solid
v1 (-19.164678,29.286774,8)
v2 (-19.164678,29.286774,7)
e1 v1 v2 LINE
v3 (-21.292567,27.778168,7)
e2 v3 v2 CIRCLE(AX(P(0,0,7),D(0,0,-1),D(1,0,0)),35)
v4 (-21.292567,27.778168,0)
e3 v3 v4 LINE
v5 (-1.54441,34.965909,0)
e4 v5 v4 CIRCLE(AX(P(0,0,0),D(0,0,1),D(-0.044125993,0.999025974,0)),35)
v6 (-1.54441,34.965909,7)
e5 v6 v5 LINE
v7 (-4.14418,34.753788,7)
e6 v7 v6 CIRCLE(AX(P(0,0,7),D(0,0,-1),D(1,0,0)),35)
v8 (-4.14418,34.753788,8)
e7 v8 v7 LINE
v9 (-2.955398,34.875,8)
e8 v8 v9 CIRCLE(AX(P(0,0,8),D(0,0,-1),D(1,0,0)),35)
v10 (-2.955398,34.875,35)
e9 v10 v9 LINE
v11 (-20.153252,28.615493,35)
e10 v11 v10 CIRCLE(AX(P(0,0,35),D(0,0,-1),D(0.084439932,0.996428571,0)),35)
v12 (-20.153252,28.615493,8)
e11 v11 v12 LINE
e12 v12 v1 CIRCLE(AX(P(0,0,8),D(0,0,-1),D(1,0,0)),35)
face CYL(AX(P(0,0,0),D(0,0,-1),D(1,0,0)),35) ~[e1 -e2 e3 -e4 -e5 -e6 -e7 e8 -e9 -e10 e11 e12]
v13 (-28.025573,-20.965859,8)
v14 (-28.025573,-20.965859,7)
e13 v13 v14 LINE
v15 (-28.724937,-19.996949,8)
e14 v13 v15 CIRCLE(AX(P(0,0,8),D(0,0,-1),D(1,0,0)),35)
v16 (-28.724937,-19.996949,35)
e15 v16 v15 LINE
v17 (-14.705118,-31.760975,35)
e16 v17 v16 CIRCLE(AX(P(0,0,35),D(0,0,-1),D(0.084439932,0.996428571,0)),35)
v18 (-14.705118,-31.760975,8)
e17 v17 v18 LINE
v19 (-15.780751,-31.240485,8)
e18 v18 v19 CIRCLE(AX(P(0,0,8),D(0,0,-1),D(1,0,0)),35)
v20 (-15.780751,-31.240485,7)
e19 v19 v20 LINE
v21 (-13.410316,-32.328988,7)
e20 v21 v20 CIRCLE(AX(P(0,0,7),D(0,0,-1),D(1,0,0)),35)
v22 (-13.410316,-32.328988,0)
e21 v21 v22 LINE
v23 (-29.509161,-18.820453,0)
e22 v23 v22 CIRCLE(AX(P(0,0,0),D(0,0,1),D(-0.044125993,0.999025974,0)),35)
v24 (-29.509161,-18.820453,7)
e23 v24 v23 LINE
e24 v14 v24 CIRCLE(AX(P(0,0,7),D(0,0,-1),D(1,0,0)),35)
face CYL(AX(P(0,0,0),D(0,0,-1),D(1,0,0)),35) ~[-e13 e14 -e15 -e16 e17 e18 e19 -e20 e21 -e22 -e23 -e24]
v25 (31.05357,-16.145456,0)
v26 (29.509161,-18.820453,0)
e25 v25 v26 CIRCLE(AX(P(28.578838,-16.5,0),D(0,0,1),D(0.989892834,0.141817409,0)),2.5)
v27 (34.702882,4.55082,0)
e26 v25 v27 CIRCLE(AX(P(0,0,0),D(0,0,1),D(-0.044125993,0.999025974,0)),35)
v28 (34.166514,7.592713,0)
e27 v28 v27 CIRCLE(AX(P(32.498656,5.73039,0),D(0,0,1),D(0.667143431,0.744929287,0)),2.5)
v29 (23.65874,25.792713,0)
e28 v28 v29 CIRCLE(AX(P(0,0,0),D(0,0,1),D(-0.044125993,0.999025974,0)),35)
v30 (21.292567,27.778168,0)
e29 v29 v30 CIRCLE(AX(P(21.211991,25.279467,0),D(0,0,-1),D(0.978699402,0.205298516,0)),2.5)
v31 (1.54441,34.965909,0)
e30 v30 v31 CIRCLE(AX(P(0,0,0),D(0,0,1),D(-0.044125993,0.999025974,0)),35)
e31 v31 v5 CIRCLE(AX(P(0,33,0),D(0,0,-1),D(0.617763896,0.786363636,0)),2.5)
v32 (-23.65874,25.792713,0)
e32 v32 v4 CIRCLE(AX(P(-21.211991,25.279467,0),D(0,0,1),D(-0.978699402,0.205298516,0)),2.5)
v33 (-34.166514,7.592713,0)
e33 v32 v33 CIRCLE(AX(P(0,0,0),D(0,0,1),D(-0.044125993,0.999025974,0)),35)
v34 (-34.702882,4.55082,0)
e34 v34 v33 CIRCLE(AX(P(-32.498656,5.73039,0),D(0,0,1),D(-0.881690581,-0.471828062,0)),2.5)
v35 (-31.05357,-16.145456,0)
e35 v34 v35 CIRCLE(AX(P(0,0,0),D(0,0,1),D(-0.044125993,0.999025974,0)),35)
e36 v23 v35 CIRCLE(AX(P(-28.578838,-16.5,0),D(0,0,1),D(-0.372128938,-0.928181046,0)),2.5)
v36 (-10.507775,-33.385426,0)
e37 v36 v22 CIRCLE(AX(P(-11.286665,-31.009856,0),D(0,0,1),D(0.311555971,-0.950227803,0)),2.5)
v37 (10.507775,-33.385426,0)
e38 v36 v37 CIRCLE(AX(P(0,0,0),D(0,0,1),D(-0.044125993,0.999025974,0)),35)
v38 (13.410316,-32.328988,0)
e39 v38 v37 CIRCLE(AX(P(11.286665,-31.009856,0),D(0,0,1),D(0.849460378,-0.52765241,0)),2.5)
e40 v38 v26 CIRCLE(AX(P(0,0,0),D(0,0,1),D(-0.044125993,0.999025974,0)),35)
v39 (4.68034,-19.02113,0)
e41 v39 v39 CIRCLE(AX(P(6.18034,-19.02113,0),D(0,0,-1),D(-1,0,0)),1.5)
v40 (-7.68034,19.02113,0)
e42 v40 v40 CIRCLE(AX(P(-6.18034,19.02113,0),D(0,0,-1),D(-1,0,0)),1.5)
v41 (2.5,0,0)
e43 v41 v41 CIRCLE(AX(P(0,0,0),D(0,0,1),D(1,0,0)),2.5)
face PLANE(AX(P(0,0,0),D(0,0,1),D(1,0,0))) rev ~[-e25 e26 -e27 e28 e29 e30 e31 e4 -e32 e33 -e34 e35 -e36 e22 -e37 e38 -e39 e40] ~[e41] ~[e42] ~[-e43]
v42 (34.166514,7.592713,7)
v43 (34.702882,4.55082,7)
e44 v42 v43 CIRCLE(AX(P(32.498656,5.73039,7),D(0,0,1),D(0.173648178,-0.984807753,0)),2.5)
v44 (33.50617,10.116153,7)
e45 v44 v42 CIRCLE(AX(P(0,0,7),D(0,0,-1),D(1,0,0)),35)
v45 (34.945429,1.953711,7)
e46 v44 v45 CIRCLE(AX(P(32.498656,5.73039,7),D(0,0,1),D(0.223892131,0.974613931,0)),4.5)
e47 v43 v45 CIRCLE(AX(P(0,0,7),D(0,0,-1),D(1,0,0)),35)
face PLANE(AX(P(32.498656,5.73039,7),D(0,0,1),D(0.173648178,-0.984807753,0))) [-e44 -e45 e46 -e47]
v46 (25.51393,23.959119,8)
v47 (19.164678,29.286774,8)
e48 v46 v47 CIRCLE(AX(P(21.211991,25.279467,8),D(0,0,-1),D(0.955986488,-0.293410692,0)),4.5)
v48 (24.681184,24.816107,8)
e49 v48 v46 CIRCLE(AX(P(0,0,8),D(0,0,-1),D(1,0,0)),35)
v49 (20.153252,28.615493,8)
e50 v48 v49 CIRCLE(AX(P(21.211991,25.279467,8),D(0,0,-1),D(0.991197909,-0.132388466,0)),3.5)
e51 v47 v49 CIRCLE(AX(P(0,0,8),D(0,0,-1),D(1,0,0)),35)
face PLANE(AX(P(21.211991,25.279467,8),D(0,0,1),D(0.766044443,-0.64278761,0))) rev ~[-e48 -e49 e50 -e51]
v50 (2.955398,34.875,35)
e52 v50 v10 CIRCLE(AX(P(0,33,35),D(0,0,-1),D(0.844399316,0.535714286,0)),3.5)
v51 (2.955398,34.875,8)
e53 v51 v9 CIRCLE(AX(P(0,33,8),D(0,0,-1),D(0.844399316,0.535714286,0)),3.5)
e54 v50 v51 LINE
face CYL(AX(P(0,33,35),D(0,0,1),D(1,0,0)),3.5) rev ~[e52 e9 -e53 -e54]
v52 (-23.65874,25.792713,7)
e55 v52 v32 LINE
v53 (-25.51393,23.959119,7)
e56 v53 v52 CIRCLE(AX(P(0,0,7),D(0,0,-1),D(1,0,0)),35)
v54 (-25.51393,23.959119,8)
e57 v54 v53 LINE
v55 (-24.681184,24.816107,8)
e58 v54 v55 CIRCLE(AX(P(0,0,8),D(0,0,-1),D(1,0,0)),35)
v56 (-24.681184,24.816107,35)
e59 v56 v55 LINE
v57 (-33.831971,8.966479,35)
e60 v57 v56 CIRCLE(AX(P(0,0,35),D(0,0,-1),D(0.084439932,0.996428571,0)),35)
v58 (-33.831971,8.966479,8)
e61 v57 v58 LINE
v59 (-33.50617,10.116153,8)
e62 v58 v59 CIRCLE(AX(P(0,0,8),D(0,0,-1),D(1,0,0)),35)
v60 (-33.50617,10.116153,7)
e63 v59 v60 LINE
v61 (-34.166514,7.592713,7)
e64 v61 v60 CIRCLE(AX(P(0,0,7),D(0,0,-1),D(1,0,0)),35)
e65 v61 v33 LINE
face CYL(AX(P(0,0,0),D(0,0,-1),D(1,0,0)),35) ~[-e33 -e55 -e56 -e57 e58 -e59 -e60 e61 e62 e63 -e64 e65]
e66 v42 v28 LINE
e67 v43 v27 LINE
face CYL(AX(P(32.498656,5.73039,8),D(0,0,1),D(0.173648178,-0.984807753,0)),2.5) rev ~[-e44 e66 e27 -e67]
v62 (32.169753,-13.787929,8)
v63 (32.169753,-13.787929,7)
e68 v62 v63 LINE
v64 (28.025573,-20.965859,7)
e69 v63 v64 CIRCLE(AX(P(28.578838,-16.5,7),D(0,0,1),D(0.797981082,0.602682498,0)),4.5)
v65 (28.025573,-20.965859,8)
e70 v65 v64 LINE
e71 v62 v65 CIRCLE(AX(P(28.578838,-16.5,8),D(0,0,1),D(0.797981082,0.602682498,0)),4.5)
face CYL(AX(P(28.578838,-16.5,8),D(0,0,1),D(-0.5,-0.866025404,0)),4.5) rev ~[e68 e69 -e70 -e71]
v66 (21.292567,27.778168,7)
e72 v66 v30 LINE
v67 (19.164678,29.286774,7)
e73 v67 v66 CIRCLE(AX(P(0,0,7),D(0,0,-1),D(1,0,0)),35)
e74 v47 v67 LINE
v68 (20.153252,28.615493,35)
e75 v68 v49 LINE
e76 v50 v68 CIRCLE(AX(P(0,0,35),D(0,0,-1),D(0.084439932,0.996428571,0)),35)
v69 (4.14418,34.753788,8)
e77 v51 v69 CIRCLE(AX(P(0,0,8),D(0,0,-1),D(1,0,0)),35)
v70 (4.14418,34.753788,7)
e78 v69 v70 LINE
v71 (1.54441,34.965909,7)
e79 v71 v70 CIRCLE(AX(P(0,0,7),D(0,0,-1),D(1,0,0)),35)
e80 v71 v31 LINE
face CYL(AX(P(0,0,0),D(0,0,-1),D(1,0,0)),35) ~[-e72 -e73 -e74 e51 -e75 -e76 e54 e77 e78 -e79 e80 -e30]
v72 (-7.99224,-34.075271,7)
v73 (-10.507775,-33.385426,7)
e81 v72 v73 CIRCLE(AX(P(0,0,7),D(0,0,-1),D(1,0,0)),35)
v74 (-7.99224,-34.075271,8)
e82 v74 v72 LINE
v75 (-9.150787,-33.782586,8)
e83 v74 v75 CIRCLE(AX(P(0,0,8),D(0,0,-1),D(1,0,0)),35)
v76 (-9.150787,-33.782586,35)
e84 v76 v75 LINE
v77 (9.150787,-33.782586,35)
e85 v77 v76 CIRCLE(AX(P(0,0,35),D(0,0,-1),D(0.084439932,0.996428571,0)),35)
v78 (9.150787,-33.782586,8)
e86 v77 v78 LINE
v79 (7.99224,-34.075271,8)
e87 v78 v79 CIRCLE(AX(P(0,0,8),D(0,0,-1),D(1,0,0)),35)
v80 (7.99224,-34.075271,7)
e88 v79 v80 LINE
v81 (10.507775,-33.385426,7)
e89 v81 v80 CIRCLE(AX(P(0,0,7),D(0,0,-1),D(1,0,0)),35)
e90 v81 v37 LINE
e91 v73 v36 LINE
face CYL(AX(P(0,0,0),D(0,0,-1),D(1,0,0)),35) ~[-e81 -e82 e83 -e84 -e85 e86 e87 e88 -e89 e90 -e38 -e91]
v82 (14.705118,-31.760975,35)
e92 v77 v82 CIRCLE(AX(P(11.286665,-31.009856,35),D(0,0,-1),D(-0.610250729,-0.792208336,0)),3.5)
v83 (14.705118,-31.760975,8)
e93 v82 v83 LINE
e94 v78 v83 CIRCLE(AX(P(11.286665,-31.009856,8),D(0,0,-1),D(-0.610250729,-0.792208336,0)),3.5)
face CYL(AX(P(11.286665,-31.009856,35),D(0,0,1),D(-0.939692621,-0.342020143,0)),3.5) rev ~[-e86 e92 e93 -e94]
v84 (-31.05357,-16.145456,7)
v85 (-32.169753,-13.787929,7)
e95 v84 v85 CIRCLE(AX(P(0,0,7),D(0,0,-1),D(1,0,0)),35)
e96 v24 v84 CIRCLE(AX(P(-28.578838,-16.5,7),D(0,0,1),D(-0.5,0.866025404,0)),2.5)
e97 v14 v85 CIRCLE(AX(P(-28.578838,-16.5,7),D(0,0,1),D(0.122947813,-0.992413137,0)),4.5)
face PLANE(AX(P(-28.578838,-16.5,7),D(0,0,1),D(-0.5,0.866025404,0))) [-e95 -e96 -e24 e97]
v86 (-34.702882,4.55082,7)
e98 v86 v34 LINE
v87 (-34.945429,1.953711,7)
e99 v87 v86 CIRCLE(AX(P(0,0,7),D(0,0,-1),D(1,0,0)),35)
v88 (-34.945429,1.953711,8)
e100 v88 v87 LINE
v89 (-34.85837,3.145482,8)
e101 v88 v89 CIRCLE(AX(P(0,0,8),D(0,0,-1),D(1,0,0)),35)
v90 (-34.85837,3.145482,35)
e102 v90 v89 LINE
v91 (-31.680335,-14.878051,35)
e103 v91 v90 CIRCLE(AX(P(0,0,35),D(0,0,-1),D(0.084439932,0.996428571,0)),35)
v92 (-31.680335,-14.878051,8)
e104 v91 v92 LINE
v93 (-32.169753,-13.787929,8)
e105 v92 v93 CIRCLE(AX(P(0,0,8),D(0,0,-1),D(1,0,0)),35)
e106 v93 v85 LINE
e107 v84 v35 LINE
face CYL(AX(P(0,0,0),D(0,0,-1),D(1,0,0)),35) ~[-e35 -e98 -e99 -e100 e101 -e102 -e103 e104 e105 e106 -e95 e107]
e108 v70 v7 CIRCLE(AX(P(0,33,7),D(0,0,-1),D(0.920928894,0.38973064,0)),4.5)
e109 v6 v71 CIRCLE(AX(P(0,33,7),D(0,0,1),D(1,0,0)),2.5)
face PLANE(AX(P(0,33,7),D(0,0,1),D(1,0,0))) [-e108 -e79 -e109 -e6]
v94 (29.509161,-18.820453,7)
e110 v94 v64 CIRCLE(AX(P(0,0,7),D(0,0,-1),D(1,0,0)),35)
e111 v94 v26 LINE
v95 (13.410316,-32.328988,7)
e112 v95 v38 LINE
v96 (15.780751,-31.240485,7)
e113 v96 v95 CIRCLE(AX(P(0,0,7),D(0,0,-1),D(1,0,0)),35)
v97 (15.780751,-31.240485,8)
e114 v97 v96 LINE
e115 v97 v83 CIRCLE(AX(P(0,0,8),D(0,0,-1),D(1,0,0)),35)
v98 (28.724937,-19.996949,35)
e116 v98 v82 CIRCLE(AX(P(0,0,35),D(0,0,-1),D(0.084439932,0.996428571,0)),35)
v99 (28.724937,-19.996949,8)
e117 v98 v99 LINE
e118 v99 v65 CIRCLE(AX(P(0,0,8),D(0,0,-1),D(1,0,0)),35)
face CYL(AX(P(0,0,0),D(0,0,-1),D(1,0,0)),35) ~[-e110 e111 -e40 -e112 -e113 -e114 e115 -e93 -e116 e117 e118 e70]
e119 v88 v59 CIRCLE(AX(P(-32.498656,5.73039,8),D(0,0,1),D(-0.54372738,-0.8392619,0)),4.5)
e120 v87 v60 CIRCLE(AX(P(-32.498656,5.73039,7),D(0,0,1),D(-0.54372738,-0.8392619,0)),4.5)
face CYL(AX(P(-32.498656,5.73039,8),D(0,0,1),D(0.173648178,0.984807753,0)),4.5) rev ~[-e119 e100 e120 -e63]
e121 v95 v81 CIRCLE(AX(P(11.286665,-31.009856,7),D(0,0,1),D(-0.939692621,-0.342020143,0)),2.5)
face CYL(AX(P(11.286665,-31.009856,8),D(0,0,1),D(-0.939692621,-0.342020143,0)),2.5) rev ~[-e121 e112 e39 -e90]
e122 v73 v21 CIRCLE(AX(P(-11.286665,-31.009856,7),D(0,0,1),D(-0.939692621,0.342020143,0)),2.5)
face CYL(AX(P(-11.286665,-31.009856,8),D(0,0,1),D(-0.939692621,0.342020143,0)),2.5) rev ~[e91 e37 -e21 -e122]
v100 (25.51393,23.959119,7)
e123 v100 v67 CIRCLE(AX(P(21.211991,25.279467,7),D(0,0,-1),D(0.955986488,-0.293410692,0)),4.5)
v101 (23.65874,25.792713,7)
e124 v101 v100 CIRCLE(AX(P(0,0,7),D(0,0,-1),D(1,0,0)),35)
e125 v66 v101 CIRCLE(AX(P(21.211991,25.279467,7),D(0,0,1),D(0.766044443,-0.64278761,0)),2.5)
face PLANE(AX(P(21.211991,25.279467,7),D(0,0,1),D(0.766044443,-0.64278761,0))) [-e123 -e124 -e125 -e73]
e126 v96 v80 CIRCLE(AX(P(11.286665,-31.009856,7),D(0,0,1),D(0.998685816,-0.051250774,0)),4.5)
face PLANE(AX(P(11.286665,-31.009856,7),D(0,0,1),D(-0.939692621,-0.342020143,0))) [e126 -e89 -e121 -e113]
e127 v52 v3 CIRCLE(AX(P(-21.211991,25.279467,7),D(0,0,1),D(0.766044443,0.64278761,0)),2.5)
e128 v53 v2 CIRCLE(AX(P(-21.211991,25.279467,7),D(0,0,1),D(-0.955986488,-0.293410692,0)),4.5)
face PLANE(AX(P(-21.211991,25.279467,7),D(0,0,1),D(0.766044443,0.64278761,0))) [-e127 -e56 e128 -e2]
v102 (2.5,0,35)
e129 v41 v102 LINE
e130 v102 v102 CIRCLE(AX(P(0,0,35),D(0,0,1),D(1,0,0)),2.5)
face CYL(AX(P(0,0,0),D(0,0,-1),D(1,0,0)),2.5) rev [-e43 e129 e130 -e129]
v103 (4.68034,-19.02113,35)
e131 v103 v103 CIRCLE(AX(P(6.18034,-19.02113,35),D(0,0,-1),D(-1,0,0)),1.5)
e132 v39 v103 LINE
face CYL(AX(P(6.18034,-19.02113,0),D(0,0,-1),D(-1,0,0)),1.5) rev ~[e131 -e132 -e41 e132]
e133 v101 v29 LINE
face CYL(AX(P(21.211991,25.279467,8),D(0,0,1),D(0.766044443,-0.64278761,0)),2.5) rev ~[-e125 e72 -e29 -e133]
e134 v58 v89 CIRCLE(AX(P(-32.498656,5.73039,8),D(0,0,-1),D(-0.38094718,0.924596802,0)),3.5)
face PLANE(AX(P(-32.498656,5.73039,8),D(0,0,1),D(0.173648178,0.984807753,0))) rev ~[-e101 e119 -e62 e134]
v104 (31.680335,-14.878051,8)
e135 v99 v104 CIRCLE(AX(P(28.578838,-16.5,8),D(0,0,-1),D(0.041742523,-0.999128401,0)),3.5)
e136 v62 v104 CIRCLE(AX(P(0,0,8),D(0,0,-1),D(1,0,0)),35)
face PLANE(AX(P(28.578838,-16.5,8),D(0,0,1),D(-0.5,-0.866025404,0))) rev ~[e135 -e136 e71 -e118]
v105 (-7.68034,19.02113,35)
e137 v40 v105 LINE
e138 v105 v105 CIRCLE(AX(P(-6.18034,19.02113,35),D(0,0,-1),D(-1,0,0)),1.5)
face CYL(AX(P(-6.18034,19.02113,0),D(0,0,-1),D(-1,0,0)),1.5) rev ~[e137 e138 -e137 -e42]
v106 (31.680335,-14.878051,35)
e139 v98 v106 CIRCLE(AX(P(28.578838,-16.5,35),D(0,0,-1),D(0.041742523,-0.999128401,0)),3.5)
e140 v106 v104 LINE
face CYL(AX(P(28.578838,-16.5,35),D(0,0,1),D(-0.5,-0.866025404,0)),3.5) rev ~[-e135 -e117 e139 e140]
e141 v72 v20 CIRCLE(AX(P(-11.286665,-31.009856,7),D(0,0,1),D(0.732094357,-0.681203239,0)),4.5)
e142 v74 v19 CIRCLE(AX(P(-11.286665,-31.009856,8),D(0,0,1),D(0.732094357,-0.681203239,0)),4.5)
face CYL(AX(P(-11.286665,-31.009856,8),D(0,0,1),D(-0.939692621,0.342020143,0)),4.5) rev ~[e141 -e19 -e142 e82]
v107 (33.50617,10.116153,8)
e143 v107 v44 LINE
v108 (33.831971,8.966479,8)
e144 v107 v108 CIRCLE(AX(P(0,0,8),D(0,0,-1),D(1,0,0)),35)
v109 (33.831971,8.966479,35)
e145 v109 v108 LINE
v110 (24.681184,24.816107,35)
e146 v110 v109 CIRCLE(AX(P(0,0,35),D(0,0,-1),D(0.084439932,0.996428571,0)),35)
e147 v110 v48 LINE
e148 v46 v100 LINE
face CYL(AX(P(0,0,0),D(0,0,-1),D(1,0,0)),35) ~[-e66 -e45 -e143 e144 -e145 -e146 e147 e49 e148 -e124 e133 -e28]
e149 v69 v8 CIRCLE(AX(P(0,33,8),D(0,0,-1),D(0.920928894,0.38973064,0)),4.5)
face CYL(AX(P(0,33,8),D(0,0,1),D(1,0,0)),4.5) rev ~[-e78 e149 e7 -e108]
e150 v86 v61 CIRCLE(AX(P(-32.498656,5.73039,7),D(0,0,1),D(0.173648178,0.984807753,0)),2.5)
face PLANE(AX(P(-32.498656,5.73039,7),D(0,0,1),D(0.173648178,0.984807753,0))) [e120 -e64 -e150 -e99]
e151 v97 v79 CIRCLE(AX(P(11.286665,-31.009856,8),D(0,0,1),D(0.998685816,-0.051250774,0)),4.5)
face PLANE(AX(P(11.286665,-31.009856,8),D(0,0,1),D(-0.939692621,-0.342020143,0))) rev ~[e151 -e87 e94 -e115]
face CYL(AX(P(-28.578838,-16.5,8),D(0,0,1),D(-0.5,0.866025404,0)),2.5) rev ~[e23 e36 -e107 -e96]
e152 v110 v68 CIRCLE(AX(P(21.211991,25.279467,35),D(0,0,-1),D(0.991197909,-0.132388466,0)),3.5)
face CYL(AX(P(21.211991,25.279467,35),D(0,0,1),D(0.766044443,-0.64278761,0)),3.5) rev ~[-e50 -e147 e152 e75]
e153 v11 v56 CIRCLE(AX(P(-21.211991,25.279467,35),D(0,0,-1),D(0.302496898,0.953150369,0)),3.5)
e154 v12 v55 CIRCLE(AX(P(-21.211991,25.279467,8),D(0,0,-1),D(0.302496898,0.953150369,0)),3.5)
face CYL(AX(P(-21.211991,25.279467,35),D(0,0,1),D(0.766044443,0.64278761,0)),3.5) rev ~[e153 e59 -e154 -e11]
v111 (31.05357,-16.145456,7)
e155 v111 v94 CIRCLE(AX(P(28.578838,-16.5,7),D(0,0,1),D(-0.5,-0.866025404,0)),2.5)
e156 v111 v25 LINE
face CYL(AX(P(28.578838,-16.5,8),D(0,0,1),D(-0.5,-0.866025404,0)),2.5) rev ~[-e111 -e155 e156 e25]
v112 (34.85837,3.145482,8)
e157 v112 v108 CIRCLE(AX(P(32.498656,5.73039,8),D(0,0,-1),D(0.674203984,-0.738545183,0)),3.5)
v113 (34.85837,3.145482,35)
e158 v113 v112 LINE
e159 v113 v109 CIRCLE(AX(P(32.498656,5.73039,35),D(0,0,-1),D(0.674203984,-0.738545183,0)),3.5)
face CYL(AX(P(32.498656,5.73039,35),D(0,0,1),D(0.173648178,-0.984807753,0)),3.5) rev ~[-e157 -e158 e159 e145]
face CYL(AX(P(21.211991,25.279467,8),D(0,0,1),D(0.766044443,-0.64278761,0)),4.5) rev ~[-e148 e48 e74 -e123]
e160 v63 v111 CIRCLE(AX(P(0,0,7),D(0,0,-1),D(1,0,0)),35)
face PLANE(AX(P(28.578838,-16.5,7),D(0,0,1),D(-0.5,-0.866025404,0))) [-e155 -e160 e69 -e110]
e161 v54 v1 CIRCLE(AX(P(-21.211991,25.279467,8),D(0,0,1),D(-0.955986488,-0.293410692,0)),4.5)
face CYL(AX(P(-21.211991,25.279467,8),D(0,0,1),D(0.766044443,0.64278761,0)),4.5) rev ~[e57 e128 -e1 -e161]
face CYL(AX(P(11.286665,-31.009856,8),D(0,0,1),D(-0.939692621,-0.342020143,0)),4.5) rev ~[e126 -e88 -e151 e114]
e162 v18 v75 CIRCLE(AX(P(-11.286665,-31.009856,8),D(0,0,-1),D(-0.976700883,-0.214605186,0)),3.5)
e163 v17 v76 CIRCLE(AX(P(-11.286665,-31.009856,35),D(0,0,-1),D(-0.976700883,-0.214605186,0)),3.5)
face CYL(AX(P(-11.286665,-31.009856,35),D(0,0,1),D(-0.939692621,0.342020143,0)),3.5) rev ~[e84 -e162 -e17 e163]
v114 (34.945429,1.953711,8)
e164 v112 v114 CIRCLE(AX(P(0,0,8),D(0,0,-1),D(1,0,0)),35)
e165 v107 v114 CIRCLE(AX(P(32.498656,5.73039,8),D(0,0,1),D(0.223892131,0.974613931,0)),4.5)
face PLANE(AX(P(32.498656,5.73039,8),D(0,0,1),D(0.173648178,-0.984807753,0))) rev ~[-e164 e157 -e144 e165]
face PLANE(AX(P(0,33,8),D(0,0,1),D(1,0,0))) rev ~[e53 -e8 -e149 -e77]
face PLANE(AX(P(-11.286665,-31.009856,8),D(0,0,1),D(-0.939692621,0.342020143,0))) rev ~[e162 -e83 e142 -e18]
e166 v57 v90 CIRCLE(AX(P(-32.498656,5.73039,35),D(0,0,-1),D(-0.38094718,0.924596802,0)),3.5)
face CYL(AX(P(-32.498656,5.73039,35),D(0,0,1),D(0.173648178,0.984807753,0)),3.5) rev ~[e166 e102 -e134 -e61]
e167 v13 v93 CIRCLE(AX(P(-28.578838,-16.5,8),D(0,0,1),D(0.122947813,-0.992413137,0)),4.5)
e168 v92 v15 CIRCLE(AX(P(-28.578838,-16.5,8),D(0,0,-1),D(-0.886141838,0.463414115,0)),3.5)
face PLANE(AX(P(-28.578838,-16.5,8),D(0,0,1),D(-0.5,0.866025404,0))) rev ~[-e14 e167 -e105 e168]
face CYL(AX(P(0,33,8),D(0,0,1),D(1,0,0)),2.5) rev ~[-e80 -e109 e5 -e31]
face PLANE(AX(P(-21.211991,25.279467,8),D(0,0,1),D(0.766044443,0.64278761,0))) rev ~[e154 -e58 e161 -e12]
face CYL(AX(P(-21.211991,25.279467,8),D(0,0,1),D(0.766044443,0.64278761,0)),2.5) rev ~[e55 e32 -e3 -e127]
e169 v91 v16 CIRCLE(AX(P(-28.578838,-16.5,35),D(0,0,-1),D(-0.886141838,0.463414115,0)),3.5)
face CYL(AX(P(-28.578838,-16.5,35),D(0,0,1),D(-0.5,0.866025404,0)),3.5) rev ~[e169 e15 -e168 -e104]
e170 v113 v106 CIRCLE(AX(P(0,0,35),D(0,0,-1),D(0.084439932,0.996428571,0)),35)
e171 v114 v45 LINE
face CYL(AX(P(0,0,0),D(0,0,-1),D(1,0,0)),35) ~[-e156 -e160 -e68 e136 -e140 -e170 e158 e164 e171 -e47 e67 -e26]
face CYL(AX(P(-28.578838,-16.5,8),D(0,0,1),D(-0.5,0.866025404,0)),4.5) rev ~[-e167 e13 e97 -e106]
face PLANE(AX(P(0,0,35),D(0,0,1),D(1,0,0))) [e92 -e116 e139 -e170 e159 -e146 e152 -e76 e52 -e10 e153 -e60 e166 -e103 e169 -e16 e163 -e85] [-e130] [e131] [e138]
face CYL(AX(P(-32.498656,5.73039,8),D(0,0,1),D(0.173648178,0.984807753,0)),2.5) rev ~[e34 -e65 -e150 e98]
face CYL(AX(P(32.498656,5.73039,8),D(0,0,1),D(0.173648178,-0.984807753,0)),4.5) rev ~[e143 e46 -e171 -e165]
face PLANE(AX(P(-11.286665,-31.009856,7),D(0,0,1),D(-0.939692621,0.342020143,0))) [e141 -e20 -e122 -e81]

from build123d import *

# Parameters (mm, degrees)
SKETCH_1_R               = 35
SKETCH_1_R_2             = 2.5
EXTRUDE_1_DEPTH          = 35
SKETCH_2_R               = 3.5
CUT_EXTRUDE_1_DEPTH      = 27
SKETCH_3_R               = 2.5
CUT_EXTRUDE_2_DEPTH      = 8
SKETCH_5_R               = 4.5
CUT_EXTRUDE_3_DEPTH      = 1
PATTERN_CIRCULAR_1_COUNT = 9
SKETCH_6_R               = 1.5
CUT_EXTRUDE_4_DEPTH      = 35


with BuildPart() as part:
    # 草图1 → 凸台-拉伸1 (new body)
    with BuildSketch(Plane.XY):
        Circle(SKETCH_1_R)
        Circle(SKETCH_1_R_2, mode=Mode.SUBTRACT)
    extrude(amount=EXTRUDE_1_DEPTH)

    # 草图2 → 切除-拉伸1 (cut)
    with BuildSketch(Plane.XY.offset(35)):
        with Locations((0, 33)):
            Circle(SKETCH_2_R)
    cut_extrude_1 = extrude(amount=-CUT_EXTRUDE_1_DEPTH, mode=Mode.SUBTRACT)

    # 草图3 → 切除-拉伸2 (cut)
    with BuildSketch(Plane.XY.offset(8)):
        with Locations((0, 33)):
            Circle(SKETCH_3_R)
    cut_extrude_2 = extrude(amount=-CUT_EXTRUDE_2_DEPTH, mode=Mode.SUBTRACT)

    # 草图5 → 切除-拉伸3 (cut)
    with BuildSketch(Plane.XY.offset(8)):
        with Locations((0, 33)):
            Circle(SKETCH_5_R)
    cut_extrude_3 = extrude(amount=-CUT_EXTRUDE_3_DEPTH, mode=Mode.SUBTRACT)

    # 阵列(圆周)1: 切除-拉伸1, 切除-拉伸2, 切除-拉伸3 ×9 about axis
    pattern_circular_1_axis = Axis((0, 0, 0), (0, 0, 1))
    add([cut_extrude_1.rotate(pattern_circular_1_axis, i * 360 / PATTERN_CIRCULAR_1_COUNT) for i in range(1, PATTERN_CIRCULAR_1_COUNT)], mode=Mode.SUBTRACT)
    add([cut_extrude_2.rotate(pattern_circular_1_axis, i * 360 / PATTERN_CIRCULAR_1_COUNT) for i in range(1, PATTERN_CIRCULAR_1_COUNT)], mode=Mode.SUBTRACT)
    add([cut_extrude_3.rotate(pattern_circular_1_axis, i * 360 / PATTERN_CIRCULAR_1_COUNT) for i in range(1, PATTERN_CIRCULAR_1_COUNT)], mode=Mode.SUBTRACT)

    # 草图6 → 切除-拉伸4 (cut)
    with BuildSketch(Plane(origin=(0, 0, 0), x_dir=(-1, 0, 0), z_dir=(0, 0, -1))):
        with Locations((6.180339887, 19.021130326)):
            Circle(SKETCH_6_R)
        with Locations((-6.180339887, -19.021130326)):
            Circle(SKETCH_6_R)
    extrude(amount=-CUT_EXTRUDE_4_DEPTH, mode=Mode.SUBTRACT)


solid = part.part
